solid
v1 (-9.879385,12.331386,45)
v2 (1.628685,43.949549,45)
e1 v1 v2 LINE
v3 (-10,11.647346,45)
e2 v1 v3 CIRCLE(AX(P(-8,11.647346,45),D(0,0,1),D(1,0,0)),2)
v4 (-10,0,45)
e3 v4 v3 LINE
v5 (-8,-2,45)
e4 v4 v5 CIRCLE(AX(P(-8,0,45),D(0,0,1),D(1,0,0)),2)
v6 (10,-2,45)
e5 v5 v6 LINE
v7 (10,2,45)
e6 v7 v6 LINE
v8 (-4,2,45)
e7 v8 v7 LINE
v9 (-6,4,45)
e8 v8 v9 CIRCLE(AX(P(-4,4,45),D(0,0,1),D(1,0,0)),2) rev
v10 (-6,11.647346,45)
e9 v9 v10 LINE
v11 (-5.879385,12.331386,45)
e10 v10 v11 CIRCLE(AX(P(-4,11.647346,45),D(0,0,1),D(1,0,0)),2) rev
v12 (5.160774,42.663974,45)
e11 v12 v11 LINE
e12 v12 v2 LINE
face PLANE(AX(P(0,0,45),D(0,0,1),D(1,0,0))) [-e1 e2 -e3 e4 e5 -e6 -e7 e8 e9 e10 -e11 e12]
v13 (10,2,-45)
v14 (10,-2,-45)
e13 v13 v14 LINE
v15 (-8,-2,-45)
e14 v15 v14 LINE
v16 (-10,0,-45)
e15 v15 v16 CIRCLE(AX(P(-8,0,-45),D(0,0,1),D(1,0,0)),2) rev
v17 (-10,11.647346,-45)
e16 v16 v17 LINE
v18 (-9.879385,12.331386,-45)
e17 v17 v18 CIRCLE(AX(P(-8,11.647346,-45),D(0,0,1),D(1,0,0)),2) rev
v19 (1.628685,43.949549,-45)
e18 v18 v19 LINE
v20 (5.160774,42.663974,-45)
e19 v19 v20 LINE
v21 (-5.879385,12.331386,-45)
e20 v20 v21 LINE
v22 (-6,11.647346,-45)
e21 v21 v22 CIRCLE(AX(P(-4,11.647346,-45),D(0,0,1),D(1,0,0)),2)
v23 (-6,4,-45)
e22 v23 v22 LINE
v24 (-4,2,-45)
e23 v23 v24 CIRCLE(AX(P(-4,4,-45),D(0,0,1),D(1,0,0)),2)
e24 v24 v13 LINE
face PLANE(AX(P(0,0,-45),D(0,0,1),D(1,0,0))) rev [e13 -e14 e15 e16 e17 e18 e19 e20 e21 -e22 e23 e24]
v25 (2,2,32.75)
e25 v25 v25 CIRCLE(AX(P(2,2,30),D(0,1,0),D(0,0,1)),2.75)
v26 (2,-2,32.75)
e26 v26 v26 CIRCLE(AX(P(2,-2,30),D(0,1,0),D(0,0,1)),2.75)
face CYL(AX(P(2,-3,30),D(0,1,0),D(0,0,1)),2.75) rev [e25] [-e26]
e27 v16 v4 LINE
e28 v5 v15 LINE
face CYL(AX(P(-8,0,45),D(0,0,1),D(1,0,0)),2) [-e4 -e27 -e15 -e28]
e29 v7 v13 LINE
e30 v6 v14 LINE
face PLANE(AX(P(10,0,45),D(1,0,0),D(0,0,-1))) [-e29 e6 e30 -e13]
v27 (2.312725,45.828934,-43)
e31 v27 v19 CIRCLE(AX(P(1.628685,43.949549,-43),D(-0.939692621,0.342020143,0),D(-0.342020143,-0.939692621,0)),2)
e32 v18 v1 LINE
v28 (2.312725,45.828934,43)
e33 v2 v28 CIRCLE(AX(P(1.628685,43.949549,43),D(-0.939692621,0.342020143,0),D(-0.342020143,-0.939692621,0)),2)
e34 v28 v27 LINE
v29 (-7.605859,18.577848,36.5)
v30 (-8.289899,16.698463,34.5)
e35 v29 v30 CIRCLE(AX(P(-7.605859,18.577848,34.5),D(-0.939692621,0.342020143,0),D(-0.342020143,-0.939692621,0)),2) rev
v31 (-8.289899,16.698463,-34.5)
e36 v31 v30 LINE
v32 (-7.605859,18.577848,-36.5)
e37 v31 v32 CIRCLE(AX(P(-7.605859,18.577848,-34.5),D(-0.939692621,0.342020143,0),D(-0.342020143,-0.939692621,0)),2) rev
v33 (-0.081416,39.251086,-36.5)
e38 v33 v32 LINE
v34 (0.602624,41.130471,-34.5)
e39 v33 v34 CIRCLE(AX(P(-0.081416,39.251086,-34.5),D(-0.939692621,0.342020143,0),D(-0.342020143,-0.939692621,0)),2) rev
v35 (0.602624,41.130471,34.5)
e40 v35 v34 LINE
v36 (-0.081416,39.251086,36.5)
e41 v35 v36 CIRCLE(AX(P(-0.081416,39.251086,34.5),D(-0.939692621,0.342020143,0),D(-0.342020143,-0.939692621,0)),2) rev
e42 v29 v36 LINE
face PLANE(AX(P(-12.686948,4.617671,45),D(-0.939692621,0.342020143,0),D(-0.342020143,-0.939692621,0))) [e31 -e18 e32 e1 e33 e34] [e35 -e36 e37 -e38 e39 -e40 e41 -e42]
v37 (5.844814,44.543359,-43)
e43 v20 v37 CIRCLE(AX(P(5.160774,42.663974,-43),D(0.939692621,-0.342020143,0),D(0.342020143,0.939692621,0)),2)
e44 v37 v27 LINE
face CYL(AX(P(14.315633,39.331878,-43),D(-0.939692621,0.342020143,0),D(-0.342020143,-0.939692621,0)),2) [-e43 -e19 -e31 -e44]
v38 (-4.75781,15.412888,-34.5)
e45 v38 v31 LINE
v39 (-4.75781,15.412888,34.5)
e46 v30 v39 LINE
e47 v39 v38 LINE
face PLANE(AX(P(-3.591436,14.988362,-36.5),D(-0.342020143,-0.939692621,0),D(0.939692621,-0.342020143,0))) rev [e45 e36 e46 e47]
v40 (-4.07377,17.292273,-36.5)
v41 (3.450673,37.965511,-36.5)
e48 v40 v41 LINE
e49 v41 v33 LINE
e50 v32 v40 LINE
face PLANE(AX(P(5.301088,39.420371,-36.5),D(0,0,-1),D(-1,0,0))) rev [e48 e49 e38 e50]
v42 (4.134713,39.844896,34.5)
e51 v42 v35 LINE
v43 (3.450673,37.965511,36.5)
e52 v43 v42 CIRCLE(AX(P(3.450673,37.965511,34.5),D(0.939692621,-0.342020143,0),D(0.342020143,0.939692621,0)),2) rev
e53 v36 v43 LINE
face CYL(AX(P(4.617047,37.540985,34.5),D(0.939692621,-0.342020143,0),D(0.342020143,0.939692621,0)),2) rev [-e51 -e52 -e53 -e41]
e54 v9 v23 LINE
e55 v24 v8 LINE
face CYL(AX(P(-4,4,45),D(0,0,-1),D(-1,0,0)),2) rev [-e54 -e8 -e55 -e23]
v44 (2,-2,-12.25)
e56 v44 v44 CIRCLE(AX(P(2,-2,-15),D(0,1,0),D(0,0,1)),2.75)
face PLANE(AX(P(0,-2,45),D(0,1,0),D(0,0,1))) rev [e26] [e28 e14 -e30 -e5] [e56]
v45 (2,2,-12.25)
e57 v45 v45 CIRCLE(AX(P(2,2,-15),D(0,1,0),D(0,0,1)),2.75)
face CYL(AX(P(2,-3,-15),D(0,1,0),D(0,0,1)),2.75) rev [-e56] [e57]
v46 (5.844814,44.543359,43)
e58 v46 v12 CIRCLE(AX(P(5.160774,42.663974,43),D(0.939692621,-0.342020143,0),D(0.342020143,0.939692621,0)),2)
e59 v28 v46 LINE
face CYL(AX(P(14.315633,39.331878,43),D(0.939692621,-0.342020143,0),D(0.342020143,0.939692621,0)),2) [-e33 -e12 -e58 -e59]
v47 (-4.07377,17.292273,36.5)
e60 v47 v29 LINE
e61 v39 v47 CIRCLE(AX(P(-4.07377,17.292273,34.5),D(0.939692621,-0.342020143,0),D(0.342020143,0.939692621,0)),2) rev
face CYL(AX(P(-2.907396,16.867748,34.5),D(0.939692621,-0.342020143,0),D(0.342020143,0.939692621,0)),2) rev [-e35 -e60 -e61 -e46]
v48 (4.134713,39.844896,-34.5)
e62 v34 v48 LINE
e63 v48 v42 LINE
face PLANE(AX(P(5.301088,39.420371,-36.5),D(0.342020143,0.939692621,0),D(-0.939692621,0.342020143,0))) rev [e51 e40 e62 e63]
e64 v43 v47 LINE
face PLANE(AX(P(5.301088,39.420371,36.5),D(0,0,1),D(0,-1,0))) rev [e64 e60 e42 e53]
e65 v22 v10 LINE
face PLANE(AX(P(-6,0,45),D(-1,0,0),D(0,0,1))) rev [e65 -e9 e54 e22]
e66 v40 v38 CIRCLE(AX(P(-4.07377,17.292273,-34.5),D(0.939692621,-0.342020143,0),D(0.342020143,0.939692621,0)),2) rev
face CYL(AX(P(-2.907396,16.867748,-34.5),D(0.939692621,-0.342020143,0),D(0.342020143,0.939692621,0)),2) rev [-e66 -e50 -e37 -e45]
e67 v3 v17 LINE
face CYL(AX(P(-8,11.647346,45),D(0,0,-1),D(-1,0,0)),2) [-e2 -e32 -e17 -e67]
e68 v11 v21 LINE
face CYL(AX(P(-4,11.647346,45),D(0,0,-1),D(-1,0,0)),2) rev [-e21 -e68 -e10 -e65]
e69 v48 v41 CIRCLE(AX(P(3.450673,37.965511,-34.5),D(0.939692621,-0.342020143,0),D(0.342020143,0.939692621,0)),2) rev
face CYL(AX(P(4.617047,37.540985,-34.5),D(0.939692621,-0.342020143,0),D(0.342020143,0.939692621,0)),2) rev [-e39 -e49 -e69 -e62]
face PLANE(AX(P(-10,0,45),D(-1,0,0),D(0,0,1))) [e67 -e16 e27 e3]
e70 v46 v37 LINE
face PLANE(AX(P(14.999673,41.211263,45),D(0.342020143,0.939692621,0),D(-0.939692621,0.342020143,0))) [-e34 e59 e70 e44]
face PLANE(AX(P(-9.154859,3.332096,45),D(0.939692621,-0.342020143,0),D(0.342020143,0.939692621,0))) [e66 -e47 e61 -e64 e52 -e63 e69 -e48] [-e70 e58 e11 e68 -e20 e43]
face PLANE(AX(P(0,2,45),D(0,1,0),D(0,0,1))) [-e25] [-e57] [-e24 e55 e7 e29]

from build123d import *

# Parameters (mm, degrees)
SKETCH_1_W          = 4
SKETCH_1_H          = 10
SKETCH_1_W_2        = 20
SKETCH_1_H_2        = 4
EXTRUDE_1_DEPTH     = 45
SKETCH_2_W          = 73
SKETCH_2_H          = 26
CUT_EXTRUDE_1_DEPTH = 5
FILLET_1_R          = 2
SKETCH_3_R          = 2.75
CUT_EXTRUDE_2_DEPTH = 5


with BuildPart() as part:
    # 스케치1 → 보스-돌출1 (new, symmetric)
    with BuildSketch(Plane.XY):
        Polygon((5.844814046, 44.543359129), (-6, 12), (-10, 12), (2.31272516, 45.828934348), align=None)
        with Locations((-8, 7)):
            Rectangle(SKETCH_1_W, SKETCH_1_H)
        Rectangle(SKETCH_1_W_2, SKETCH_1_H_2)
    extrude(amount=EXTRUDE_1_DEPTH, both=True)

    # 스케치2 → 컷-돌출1 (cut)
    with BuildSketch(Plane(origin=(-12.686947874, 4.61767139, 0), x_dir=(0, 0, 1), z_dir=(-0.9396926207859106, 0.34202014332566244, 0))):
        with Locations((0, 25.856110016)):
            Rectangle(SKETCH_2_W, SKETCH_2_H)
    extrude(amount=-CUT_EXTRUDE_1_DEPTH, mode=Mode.SUBTRACT)

    # 필렛1
    fillet_1_edges = [part.edges().sort_by_distance(p)[0] for p in [
        (4.078769603, 45.186146739, 45),
        (4.078769603, 45.186146739, -45),
        (-6, 12, 0),
        (-6, 2, 0),
        (-10, -2, 0),
        (-10, 12, 0),
        (2.368668886, 40.487683635, 36.5),
        (-6.52385484, 16.055675494, 36.5),
        (-6.52385484, 16.055675494, -36.5),
        (2.368668886, 40.487683635, -36.5),
    ]]
    fillet(fillet_1_edges, radius=FILLET_1_R)

    # 스케치3 → 컷-돌출2 (cut)
    with BuildSketch(Plane(origin=(0, 2, 0), x_dir=(1, 0, 0), z_dir=(0, 1, 0))):
        with Locations(Location((2, -30, 0), (0, 0, 270))):
            Circle(SKETCH_3_R)
        with Locations(Location((2, 15, 0), (0, 0, 270))):
            Circle(SKETCH_3_R)
    extrude(amount=-CUT_EXTRUDE_2_DEPTH, mode=Mode.SUBTRACT)


solid = part.part
